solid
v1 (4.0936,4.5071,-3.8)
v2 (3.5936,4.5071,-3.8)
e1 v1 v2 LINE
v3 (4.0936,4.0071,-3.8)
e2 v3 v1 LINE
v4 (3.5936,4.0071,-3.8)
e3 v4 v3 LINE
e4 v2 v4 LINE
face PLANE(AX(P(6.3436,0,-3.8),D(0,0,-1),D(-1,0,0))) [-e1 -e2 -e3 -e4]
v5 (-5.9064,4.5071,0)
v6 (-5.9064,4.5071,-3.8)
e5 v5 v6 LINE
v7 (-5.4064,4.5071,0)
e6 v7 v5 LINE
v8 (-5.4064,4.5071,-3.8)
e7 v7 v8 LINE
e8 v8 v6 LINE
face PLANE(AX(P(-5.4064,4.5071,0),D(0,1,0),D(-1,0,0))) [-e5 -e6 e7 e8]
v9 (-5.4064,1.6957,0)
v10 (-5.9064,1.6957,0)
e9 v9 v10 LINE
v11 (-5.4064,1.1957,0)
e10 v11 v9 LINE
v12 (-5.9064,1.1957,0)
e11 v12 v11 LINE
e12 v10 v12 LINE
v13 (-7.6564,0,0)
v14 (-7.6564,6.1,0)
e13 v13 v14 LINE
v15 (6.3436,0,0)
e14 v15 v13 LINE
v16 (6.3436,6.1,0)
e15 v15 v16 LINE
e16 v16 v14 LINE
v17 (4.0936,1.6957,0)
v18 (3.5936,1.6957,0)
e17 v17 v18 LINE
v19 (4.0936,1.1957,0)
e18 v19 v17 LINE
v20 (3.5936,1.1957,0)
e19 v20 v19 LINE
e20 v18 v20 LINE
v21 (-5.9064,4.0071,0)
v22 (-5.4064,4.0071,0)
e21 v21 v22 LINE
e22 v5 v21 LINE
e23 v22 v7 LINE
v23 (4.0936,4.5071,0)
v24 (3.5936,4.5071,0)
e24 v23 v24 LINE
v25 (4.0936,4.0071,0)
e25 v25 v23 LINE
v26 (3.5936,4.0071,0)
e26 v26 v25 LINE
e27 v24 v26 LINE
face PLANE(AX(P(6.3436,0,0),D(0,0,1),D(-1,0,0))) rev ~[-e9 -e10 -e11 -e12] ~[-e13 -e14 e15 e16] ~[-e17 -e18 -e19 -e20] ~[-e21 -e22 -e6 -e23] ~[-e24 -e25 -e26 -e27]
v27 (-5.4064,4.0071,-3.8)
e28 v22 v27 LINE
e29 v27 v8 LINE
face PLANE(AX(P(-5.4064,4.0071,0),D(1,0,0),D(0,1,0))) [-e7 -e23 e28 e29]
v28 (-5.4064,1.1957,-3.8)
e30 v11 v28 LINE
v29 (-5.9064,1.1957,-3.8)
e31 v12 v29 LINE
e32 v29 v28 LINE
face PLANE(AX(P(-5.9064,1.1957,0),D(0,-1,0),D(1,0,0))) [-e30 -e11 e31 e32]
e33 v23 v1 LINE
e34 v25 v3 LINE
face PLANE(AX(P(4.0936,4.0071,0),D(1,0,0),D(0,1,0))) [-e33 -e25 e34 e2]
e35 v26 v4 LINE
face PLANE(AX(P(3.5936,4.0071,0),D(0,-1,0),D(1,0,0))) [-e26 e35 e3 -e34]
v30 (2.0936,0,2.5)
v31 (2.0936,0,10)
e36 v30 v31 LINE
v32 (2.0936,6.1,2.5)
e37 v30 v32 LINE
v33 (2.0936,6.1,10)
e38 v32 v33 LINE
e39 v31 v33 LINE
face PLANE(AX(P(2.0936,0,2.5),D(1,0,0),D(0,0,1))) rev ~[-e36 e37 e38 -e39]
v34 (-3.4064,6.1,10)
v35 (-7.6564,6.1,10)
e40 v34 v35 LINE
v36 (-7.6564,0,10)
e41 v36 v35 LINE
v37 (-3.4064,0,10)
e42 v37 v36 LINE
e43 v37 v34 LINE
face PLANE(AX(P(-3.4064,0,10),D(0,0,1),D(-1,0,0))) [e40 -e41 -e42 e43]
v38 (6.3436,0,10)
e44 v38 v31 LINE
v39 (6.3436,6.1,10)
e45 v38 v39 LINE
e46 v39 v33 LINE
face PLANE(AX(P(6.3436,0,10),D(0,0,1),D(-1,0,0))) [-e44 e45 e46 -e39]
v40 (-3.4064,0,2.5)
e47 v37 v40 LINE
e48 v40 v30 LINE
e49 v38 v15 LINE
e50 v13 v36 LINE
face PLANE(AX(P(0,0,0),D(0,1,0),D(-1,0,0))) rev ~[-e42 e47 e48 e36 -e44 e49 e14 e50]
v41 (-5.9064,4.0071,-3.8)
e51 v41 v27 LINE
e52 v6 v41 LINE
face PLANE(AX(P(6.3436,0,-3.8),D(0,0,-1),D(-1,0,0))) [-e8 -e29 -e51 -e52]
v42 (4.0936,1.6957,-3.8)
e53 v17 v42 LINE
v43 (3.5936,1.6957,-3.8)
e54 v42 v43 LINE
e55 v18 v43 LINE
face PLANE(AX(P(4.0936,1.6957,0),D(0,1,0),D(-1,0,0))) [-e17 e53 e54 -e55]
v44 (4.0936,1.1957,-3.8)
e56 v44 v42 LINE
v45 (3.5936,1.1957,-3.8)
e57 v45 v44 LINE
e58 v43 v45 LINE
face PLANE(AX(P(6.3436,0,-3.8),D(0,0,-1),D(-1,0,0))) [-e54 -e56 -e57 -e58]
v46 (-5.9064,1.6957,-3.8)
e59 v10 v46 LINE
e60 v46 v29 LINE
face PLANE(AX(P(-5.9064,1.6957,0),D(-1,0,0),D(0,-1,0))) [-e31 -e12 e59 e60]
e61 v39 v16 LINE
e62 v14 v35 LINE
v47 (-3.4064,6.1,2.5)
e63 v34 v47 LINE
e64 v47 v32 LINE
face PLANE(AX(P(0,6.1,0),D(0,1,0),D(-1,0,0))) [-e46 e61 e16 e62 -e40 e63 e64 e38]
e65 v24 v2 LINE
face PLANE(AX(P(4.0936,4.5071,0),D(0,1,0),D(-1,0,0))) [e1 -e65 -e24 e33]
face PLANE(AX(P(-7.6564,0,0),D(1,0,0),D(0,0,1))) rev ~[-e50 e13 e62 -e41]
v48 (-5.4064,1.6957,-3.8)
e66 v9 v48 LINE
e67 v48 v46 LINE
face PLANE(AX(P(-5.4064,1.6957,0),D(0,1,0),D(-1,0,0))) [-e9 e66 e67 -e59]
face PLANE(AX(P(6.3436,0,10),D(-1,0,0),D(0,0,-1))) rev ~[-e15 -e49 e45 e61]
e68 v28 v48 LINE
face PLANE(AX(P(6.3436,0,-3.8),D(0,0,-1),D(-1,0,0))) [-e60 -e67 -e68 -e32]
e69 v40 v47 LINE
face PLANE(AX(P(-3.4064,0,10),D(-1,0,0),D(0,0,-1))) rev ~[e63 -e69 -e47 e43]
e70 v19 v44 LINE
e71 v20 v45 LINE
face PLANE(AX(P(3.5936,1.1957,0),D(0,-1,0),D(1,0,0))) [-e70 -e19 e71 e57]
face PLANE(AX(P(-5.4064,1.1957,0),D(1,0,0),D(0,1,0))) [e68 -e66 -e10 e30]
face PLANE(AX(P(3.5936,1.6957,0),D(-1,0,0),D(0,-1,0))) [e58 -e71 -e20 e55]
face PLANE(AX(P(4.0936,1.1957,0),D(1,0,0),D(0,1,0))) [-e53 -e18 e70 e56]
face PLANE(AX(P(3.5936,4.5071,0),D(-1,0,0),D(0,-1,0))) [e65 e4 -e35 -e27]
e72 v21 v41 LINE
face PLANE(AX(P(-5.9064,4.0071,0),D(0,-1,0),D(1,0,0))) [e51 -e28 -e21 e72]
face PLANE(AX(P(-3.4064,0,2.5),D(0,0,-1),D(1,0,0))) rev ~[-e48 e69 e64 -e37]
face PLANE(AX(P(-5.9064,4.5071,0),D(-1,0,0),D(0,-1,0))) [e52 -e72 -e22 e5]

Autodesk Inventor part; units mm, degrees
ref_plane "YZ Plane" through (0, 0, 0) normal (1, 0, 0) x (0, 1, 0)
ref_plane "XZ Plane" through (0, 0, 0) normal (0, 1, 0) x (-1, 0, 0)
ref_plane "XY Plane" through (0, 0, 0) normal (0, 0, 1) x (1, 0, 0)
sketch "Sketch1" plane through (0, 0, 0) normal (0, 1, 0) x (-1, 0, 0)
  line L0 (-6.3436, 0) -> (7.6564, 0)
  line L1 (7.6564, 0) -> (7.6564, 10)
  line L2 (3.4064, 10) -> (3.4064, 2.5)
  line L3 (3.4064, 2.5) -> (-2.0936, 2.5)
  line L4 (-2.0936, 2.5) -> (-2.0936, 10)
  line L5 (-6.3436, 10) -> (-6.3436, 0)
  line L6 (-6.3436, 10) -> (-2.0936, 10)
  line L7 (3.4064, 10) -> (7.6564, 10)
  point P0 (0, 0)
  dimension "d0" = 10
  dimension "d2" = 14
  dimension "d3" = 2.5
  dimension "d24" = 4.25
  dimension "d25" = 4.25
extrude "Extrusion1" add sketch "Sketch1" along normal blind 6.1
sketch "Sketch2" plane through (6.3436, 0, 0) normal (0, 0, -1) x (-1, 0, 0)
  line L0 (0, 0) -> (0, 6.1) projected
  line L1 (2.25, 4.5071) -> (2.75, 4.5071)
  line L2 (2.75, 4.5071) -> (2.75, 4.0071)
  line L3 (2.75, 4.0071) -> (2.25, 4.0071)
  line L4 (2.25, 4.0071) -> (2.25, 4.5071)
  line L5 (2.25, 1.6957) -> (2.75, 1.6957)
  line L6 (2.75, 1.6957) -> (2.75, 1.1957)
  line L7 (2.75, 1.1957) -> (2.25, 1.1957)
  line L8 (2.25, 1.1957) -> (2.25, 1.6957)
  line L9 (11.75, 4.5071) -> (12.25, 4.5071)
  line L10 (12.25, 4.5071) -> (12.25, 4.0071)
  line L11 (11.75, 4.0071) -> (11.75, 4.5071)
  line L12 (12.25, 4.0071) -> (11.75, 4.0071)
  line L13 (11.75, 1.6957) -> (12.25, 1.6957)
  line L14 (12.25, 1.6957) -> (12.25, 1.1957)
  line L15 (11.75, 1.1957) -> (11.75, 1.6957)
  line L16 (12.25, 1.1957) -> (11.75, 1.1957)
  point P0 (6.3436, 0)
  dimension "d6" = 0.5
  dimension "d10" = 0.5
  dimension "d11" = 0.5
  dimension "d12" = 0.5
  dimension "d13" = 0.5
  dimension "d14" = 0.5
  dimension "d15" = 0.5
  dimension "d16" = 0.5
  dimension "d17" = 2.3114
  dimension "d18" = 9
  dimension "d19" = 2.25
extrude "Extrusion2" add sketch "Sketch2" along normal blind 3.8
properties part number "tacometer_ct" material "ABS Plastic"
